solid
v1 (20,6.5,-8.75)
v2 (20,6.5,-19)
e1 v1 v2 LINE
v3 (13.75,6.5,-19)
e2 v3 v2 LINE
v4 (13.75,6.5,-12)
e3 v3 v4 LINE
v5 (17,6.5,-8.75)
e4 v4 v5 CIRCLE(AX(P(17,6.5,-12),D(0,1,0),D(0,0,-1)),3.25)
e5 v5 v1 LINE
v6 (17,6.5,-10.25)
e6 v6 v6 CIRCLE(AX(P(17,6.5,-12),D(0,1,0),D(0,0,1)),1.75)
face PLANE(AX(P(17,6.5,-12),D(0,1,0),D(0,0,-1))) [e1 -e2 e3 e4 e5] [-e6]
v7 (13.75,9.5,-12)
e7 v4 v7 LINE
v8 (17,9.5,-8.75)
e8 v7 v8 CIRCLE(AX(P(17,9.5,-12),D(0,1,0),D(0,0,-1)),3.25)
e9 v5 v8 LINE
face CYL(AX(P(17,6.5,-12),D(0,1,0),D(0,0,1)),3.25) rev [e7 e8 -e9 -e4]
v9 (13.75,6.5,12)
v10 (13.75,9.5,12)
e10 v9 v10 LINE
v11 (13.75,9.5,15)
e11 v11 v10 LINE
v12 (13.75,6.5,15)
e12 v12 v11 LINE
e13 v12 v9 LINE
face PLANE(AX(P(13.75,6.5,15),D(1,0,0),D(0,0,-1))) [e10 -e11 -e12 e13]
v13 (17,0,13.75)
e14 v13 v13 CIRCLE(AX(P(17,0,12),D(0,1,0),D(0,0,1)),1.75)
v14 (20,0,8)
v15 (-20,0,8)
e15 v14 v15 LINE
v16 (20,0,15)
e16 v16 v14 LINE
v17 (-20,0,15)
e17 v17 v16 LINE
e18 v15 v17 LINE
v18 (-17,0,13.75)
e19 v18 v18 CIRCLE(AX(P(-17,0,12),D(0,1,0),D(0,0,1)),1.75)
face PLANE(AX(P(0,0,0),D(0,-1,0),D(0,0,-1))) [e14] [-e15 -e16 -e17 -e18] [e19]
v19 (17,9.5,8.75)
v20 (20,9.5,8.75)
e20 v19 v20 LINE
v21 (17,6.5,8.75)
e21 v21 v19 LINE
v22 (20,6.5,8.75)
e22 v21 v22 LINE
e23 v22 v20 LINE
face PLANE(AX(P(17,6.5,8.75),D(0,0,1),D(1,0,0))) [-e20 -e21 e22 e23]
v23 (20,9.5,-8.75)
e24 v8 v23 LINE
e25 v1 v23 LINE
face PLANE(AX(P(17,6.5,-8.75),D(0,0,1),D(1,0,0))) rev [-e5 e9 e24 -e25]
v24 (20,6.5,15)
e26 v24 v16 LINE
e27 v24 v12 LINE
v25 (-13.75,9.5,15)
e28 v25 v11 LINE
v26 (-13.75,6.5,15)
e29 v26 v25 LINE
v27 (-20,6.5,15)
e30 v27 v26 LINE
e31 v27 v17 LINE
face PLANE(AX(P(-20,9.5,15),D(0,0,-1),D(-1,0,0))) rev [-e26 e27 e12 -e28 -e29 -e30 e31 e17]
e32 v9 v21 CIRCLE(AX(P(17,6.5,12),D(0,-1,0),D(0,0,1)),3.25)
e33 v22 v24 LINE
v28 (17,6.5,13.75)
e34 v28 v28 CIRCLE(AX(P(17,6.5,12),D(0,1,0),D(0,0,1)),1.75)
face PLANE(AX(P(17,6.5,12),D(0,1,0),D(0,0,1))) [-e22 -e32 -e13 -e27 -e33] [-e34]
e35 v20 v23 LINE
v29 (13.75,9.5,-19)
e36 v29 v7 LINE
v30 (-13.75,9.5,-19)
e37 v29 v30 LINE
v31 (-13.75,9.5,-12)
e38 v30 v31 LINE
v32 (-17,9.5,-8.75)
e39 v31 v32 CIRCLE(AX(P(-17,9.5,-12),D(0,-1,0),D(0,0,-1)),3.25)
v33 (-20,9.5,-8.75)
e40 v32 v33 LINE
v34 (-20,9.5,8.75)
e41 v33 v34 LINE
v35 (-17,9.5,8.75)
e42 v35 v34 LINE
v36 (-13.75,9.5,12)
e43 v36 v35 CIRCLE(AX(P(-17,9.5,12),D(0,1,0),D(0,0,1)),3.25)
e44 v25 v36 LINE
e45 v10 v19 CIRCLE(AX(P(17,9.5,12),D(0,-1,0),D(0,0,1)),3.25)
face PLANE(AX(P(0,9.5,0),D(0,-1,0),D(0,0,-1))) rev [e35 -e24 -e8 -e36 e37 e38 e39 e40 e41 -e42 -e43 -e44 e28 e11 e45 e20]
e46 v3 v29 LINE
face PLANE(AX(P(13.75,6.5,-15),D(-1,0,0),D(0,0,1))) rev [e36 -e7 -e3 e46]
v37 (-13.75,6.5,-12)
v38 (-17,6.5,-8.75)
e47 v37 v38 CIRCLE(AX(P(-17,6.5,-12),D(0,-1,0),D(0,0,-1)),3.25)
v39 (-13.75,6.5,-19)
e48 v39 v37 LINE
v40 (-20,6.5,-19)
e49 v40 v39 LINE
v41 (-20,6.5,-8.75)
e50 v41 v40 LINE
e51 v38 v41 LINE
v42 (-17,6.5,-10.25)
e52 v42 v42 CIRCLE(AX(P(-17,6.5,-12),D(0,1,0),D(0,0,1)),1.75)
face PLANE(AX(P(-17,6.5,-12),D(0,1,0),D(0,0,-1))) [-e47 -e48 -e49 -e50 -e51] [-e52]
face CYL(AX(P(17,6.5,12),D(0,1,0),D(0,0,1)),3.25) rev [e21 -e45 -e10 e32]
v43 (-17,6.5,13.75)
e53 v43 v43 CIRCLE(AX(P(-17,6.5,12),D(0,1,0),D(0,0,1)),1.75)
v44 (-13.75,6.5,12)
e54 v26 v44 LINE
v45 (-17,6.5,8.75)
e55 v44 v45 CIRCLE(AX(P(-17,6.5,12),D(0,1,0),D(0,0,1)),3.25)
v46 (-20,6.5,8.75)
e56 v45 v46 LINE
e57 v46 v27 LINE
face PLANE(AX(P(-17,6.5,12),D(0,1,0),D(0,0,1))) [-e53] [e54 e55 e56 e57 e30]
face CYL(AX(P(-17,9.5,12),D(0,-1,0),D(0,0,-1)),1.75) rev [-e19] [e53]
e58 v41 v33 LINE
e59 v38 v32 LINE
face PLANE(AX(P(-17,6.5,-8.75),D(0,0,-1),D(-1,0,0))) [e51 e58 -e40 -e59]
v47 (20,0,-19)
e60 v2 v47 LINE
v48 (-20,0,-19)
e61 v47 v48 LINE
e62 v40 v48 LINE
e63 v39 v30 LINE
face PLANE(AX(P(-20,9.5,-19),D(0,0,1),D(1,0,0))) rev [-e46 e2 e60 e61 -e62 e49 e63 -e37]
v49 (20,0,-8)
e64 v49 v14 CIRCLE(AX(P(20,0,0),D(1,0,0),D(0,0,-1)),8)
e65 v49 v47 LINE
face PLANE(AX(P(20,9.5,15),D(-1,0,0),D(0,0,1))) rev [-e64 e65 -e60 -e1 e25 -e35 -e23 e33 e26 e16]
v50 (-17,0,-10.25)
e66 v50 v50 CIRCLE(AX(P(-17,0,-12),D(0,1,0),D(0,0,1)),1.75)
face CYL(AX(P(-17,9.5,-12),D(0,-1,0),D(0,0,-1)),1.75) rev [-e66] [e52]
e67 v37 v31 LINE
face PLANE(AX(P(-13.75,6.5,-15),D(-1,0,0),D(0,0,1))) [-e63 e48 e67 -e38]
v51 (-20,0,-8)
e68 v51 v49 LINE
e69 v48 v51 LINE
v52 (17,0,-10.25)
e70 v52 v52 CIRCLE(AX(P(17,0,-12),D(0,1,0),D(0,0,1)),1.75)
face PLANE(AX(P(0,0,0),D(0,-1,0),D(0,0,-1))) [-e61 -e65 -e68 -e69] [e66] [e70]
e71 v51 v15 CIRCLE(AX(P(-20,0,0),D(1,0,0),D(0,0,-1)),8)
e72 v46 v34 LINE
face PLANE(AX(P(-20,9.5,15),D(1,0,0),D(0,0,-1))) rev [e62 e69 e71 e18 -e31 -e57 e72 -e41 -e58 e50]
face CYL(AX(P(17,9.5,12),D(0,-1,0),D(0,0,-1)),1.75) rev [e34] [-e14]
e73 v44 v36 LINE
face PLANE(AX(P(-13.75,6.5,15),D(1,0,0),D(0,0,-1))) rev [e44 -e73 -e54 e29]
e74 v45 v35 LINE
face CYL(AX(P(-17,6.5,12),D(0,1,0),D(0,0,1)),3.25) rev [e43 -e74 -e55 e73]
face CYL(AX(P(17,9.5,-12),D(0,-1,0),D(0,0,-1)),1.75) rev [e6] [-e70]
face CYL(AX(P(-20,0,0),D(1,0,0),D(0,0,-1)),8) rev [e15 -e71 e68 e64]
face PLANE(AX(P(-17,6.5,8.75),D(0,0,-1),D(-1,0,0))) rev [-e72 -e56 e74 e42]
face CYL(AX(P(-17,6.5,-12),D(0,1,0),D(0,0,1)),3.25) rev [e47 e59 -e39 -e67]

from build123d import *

# Parameters (mm, degrees)
SKETCH1_W            = 40
SKETCH1_H            = 34
SKETCH1_R            = 1.75
BOSS_EXTRUDE1_DEPTH  = 9.5
SKETCH2_R            = 8
CUT_EXTRUDE1_DEPTH   = 46.290727528
CUT_EXTRUDE2_DEPTH   = 3
MIRROR2_COPY_1_DEPTH = 3
SKETCH4_W            = 6.25
SKETCH4_H            = 4
CUT_EXTRUDE3_DEPTH   = 3


with BuildPart() as part:
    # Sketch1 → Boss-Extrude1 (new body)
    with BuildSketch(Plane(origin=(0, 0, 0), x_dir=(1, 0, 0), z_dir=(0, 1, 0))):
        with Locations((0, 2)):
            Rectangle(SKETCH1_W, SKETCH1_H)
        with Locations(Location((-17, 12, 0), (0, 0, 270))):
            Circle(SKETCH1_R, mode=Mode.SUBTRACT)
        with Locations(Location((17, 12, 0), (0, 0, 270))):
            Circle(SKETCH1_R, mode=Mode.SUBTRACT)
        with Locations(Location((17, -12, 0), (0, 0, 270))):
            Circle(SKETCH1_R, mode=Mode.SUBTRACT)
        with Locations(Location((-17, -12, 0), (0, 0, 270))):
            Circle(SKETCH1_R, mode=Mode.SUBTRACT)
    extrude(amount=BOSS_EXTRUDE1_DEPTH)

    # Sketch2 → Cut-Extrude1 (cut, through all)
    with BuildSketch(Plane(origin=(20, 0, 0), x_dir=(0, 0, -1), z_dir=(1, 0, 0))):
        Circle(SKETCH2_R)
    extrude(amount=-CUT_EXTRUDE1_DEPTH, mode=Mode.SUBTRACT)

    # Sketch3 → Cut-Extrude2 (cut)
    with BuildSketch(Plane(origin=(0, 9.5, 0), x_dir=(1, 0, 0), z_dir=(0, 1, 0))):
        with BuildLine():
            Line((-17, -8.75), (-20, -8.75))
            Line((-20, -8.75), (-20, -15))
            Line((-20, -15), (-13.75, -15))
            Line((-13.75, -15), (-13.75, -12))
            ThreePointArc((-13.75, -12), (-14.701902961, -9.701902961), (-17, -8.75))
        make_face()
    cut_extrude2 = extrude(amount=-CUT_EXTRUDE2_DEPTH, mode=Mode.SUBTRACT)

    # Mirror1: Cut-Extrude2 across plane
    add(cut_extrude2.mirror(Plane(origin=(0, 0, 0), x_dir=(0, 0, 1), z_dir=(1, 0, 0))), mode=Mode.SUBTRACT)

    # Mirror2: Cut-Extrude2 across plane
    add(cut_extrude2.mirror(Plane.XY), mode=Mode.SUBTRACT)

    # Mirror2 copy 1 sketch → Mirror2 copy 1 (cut)
    with BuildSketch(Plane(origin=(0, 9.5, 0), x_dir=(-1, 0, 0), z_dir=(0, 1, 0))):
        with BuildLine():
            Line((-17, -8.75), (-20, -8.75))
            Line((-20, -8.75), (-20, -15))
            Line((-20, -15), (-13.75, -15))
            Line((-13.75, -15), (-13.75, -12))
            ThreePointArc((-13.75, -12), (-14.701902961, -9.701902961), (-17, -8.75))
        make_face()
    extrude(amount=-MIRROR2_COPY_1_DEPTH, mode=Mode.SUBTRACT)

    # Sketch4 → Cut-Extrude3 (cut)
    with BuildSketch(Plane(origin=(0, 9.5, 0), x_dir=(1, 0, 0), z_dir=(0, 1, 0))):
        with Locations((-16.875, 17)):
            Rectangle(SKETCH4_W, SKETCH4_H)
        with Locations((16.875, 17)):
            Rectangle(SKETCH4_W, SKETCH4_H)
    extrude(amount=-CUT_EXTRUDE3_DEPTH, mode=Mode.SUBTRACT)


solid = part.part
